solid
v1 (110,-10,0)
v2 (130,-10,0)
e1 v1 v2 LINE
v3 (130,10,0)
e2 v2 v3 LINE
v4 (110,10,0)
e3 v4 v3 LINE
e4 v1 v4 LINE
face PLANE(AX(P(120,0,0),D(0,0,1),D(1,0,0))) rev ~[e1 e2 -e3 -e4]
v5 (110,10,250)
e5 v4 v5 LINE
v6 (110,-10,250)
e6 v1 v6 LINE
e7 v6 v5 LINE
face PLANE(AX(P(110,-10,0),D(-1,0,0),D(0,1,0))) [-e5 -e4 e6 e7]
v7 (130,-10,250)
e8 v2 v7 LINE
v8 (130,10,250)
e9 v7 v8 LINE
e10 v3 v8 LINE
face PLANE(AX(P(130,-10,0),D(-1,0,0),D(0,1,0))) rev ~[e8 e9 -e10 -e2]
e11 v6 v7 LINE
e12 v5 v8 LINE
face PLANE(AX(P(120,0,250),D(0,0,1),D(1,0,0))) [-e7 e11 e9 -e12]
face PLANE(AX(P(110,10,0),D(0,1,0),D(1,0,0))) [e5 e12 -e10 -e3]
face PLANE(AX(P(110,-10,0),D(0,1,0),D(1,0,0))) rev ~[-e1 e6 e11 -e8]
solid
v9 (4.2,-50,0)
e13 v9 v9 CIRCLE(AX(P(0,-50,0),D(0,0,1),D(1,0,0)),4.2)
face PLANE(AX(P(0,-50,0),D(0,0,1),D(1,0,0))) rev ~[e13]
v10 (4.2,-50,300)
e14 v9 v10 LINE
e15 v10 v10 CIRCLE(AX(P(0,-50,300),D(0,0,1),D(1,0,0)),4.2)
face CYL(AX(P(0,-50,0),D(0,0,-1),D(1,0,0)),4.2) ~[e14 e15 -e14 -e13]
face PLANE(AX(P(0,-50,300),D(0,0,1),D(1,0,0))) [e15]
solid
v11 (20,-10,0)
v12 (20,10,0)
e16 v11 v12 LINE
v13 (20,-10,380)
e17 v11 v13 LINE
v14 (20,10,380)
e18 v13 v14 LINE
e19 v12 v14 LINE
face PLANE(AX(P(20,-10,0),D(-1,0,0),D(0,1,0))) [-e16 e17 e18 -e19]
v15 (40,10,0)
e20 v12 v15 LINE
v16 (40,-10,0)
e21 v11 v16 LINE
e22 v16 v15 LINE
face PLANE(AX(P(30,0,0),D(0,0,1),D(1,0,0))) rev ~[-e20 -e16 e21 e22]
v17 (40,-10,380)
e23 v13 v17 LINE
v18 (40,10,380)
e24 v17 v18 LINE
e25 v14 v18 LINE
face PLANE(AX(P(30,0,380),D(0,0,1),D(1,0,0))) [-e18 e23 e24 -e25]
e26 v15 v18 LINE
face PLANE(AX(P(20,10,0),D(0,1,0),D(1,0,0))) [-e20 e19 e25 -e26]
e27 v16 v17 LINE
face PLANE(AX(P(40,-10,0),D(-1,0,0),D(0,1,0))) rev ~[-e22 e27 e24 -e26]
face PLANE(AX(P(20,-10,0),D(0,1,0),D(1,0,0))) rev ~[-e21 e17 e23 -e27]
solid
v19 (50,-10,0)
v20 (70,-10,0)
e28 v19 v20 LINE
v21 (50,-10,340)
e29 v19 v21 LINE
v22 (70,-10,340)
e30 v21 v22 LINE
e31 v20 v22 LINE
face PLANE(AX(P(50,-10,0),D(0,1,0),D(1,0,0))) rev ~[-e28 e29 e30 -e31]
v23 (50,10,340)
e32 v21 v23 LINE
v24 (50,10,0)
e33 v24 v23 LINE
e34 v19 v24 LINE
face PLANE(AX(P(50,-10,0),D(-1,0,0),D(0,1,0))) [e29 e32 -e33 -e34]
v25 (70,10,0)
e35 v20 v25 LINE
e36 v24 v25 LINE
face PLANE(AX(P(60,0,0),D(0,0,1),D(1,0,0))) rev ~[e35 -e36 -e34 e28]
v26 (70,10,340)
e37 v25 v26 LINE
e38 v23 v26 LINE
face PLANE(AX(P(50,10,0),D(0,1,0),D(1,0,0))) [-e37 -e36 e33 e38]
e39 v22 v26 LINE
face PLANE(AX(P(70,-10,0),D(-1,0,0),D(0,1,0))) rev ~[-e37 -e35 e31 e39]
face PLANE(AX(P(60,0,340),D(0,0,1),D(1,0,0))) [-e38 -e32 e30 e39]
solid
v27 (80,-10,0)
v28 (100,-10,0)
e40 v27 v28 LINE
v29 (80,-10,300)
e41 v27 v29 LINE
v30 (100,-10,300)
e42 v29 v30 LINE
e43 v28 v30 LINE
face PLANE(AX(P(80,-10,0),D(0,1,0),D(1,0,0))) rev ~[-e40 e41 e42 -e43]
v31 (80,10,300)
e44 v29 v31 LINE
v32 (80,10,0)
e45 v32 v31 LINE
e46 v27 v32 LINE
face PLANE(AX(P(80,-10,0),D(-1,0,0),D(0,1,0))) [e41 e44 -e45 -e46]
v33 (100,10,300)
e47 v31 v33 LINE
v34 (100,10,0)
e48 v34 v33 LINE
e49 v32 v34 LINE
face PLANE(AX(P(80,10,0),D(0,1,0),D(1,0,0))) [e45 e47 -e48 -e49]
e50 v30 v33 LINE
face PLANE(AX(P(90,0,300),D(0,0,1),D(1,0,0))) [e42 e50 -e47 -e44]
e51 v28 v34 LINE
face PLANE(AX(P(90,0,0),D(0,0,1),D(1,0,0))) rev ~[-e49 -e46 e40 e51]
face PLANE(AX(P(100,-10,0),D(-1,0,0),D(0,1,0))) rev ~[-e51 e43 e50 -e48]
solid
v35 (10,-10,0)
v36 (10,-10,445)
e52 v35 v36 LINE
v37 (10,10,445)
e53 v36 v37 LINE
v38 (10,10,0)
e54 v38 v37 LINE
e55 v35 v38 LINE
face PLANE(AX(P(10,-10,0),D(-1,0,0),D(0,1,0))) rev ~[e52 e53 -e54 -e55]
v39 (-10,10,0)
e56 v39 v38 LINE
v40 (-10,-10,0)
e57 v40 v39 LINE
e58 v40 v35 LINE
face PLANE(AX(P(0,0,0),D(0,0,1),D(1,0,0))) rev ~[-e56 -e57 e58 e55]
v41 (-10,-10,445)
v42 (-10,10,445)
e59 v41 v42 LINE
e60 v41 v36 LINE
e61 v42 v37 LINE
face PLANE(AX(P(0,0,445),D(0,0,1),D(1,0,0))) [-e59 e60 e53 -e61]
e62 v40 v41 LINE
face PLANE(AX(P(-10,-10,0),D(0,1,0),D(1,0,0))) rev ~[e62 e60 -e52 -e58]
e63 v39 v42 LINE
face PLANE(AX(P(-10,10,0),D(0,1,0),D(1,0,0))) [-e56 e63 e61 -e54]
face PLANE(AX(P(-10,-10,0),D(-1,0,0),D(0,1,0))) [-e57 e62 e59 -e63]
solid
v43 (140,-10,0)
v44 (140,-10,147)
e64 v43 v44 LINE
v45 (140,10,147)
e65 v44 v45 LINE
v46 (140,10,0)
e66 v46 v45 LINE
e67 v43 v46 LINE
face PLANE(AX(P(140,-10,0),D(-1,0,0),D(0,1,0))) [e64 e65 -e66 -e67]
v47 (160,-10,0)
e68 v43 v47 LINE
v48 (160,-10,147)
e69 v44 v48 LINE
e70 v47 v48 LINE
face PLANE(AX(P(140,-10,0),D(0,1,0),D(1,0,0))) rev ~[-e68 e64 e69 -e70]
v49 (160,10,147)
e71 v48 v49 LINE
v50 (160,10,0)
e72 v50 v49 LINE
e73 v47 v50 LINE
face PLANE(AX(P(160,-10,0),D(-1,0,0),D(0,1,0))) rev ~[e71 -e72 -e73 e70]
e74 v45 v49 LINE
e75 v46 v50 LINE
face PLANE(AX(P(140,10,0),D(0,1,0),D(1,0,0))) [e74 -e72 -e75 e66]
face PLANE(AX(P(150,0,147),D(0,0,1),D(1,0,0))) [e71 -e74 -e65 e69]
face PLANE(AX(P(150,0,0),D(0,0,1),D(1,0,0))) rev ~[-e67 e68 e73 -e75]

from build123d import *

# Parameters (mm, degrees)
F0_W     = 20
F0_H     = 20
F1_DEPTH = 445
F2_DEPTH = 380
F3_DEPTH = 340
F4_DEPTH = 300
F0_R     = 4.2
F5_DEPTH = 300
F6_DEPTH = 250
F7_DEPTH = 147


with BuildPart() as f1:
    # F0 (on Top) → F1 (new body)
    with BuildSketch(Plane.XY):
        Rectangle(F0_W, F0_H)
    extrude(amount=F1_DEPTH)


with BuildPart() as f2:
    # F0 (on Top) → F2 (new body)
    with BuildSketch(Plane.XY):
        with Locations((30, 0)):
            Rectangle(F0_W, F0_H)
    extrude(amount=F2_DEPTH)


with BuildPart() as f3:
    # F0 (on Top) → F3 (new body)
    with BuildSketch(Plane.XY):
        with Locations((60, 0)):
            Rectangle(F0_W, F0_H)
    extrude(amount=F3_DEPTH)


with BuildPart() as f4:
    # F0 (on Top) → F4 (new body)
    with BuildSketch(Plane.XY):
        with Locations((90, 0)):
            Rectangle(F0_W, F0_H)
    extrude(amount=F4_DEPTH)


with BuildPart() as f5:
    # F0 (on Top) → F5 (new body)
    with BuildSketch(Plane.XY):
        with Locations((0, -50)):
            Circle(F0_R)
    extrude(amount=F5_DEPTH)


with BuildPart() as f6:
    # F0 (on Top) → F6 (new body)
    with BuildSketch(Plane.XY):
        with Locations((120, 0)):
            Rectangle(F0_W, F0_H)
    extrude(amount=F6_DEPTH)


with BuildPart() as f7:
    # F0 (on Top) → F7 (new body)
    with BuildSketch(Plane.XY):
        with Locations((150, 0)):
            Rectangle(F0_W, F0_H)
    extrude(amount=F7_DEPTH)


solid = Compound([f1.part, f2.part, f3.part, f4.part, f5.part, f6.part, f7.part])
